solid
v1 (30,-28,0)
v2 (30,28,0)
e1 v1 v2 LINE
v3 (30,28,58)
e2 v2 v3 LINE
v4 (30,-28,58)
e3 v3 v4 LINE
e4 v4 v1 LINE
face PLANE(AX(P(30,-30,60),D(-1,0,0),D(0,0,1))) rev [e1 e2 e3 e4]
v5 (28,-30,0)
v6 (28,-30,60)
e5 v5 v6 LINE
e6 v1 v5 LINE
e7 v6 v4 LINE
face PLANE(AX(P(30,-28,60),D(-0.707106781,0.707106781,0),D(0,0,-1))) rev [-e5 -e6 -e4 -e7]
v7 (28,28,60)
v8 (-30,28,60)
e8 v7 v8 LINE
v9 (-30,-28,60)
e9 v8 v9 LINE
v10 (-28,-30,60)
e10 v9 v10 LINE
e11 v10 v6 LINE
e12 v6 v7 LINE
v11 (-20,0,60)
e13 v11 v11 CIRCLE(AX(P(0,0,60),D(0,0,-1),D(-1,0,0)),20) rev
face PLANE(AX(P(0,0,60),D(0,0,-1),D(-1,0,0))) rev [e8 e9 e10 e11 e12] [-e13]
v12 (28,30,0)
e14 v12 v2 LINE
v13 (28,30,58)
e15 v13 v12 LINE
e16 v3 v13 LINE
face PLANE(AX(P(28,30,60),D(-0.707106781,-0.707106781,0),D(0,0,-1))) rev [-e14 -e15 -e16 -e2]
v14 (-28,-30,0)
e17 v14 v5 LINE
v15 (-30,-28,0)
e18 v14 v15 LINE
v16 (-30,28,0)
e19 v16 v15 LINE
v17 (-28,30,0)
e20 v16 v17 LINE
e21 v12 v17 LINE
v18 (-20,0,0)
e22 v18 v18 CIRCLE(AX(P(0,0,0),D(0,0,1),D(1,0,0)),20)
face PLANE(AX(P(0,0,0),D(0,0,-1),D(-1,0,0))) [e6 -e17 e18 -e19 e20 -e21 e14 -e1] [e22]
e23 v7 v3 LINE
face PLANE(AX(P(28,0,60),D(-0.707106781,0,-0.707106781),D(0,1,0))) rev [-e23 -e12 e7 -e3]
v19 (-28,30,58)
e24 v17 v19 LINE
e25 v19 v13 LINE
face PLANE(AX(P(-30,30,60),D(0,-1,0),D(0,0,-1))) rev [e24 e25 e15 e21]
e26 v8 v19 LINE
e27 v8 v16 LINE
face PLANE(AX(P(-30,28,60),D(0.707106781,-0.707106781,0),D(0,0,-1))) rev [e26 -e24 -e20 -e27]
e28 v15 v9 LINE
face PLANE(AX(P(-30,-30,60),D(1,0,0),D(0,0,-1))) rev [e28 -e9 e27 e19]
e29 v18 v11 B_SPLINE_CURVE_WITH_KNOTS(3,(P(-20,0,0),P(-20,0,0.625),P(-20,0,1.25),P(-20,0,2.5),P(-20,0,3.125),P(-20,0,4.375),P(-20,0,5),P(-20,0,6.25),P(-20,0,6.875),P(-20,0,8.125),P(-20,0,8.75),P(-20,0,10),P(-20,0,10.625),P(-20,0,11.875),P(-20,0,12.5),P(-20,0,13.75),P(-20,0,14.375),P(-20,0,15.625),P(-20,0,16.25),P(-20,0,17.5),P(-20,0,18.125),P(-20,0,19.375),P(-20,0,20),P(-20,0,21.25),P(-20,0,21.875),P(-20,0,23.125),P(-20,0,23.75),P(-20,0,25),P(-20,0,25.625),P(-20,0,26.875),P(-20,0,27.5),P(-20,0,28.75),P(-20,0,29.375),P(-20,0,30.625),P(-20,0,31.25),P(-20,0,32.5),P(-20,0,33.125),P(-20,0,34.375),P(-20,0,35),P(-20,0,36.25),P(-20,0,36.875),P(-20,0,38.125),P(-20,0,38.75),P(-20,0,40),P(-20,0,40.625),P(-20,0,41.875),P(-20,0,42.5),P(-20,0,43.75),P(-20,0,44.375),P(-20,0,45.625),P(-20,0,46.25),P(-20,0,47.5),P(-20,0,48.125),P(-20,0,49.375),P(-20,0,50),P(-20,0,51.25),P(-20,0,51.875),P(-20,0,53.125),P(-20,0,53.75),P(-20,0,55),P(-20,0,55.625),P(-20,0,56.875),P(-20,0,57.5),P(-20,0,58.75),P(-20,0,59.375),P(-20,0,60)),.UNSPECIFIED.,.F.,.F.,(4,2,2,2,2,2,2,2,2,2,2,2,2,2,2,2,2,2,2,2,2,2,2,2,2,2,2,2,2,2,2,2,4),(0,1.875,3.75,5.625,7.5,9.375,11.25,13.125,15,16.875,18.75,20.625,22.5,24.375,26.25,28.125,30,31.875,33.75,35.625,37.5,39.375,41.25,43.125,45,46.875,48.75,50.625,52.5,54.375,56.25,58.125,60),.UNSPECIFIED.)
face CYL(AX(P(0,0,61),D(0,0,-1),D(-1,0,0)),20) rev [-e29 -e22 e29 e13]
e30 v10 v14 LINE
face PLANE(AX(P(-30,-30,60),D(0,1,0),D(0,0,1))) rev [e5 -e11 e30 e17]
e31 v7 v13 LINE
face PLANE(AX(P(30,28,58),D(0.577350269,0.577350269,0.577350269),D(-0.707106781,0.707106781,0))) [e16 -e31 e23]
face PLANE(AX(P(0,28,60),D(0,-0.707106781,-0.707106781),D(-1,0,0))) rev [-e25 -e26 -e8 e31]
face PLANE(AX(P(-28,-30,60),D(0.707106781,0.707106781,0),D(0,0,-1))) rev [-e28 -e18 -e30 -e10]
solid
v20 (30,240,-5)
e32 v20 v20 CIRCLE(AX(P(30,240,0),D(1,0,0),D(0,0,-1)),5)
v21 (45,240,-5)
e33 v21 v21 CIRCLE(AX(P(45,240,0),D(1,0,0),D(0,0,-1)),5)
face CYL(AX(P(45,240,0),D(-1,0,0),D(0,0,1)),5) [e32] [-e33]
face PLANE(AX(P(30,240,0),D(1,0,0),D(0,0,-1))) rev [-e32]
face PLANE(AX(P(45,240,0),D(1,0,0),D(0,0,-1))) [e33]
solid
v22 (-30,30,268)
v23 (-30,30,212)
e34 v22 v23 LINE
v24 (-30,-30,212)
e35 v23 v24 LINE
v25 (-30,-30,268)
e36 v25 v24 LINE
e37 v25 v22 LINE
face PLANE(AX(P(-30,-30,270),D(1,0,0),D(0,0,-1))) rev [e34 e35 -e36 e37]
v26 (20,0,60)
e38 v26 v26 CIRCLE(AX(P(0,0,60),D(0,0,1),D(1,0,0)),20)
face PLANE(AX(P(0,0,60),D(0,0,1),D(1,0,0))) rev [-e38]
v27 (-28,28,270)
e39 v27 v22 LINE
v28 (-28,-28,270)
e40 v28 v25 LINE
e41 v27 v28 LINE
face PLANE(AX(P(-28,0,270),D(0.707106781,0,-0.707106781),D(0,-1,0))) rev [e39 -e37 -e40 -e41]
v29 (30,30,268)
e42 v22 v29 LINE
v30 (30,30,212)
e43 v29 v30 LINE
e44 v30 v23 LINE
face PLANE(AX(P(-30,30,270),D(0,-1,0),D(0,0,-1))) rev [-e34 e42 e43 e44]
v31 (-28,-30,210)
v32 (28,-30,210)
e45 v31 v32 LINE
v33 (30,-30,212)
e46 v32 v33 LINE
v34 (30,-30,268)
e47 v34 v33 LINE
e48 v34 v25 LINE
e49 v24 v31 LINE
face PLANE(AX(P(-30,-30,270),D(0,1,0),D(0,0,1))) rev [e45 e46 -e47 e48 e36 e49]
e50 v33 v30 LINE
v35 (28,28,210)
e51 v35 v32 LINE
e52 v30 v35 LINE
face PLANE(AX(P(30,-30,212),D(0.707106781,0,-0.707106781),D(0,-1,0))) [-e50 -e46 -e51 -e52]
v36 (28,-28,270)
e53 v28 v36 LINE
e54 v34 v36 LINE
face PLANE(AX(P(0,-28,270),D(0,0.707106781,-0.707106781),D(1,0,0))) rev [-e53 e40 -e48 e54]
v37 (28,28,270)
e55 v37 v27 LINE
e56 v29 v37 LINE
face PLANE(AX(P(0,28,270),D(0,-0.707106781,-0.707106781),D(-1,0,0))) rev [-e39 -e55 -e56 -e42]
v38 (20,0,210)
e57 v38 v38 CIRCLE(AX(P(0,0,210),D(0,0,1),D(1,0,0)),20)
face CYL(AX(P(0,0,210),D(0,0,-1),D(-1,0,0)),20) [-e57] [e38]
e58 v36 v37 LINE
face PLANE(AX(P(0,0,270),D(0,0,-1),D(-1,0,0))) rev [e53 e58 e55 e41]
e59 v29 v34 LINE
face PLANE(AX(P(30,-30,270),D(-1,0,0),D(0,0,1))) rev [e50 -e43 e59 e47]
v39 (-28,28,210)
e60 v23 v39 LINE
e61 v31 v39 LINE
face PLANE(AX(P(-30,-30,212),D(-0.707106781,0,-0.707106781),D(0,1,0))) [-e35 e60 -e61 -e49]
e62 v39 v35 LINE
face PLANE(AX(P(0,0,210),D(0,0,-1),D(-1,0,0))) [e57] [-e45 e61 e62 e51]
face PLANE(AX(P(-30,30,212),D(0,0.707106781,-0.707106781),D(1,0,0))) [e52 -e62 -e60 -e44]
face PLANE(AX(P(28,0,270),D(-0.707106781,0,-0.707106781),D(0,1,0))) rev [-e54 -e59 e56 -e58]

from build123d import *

# Parameters (mm, degrees)
SKETCH1_W           = 60
SKETCH1_H           = 60
BOSS_EXTRUDE1_DEPTH = 60
SKETCH2_R           = 20
CUT_EXTRUDE1_DEPTH  = 61
SKETCH3_R           = 20
BOSS_EXTRUDE2_DEPTH = 150
SKETCH4_W           = 60
SKETCH4_H           = 60
BOSS_EXTRUDE3_DEPTH = 60
CHAMFER1_SIZE       = 2
CHAMFER3_SIZE       = 2
SKETCH5_R           = 5
BOSS_EXTRUDE4_DEPTH = 15


with BuildPart() as part:
    # Sketch1 → Boss-Extrude1 (new body)
    with BuildSketch(Plane.XY):
        Rectangle(SKETCH1_W, SKETCH1_H)
    extrude(amount=BOSS_EXTRUDE1_DEPTH)

    # Sketch2 → Cut-Extrude1 (cut)
    with BuildSketch(Plane.XY):
        Circle(SKETCH2_R)
    extrude(amount=CUT_EXTRUDE1_DEPTH, mode=Mode.SUBTRACT)

    # Chamfer1
    chamfer1_edges = [part.edges().sort_by_distance(p)[0] for p in [
        (-30, -30, 30),
        (-30, 30, 30),
        (30, -30, 30),
        (30, 30, 30),
        (30, 0, 60),
        (0, 30, 60),
    ]]
    chamfer(chamfer1_edges, length=CHAMFER1_SIZE)


with BuildPart() as body_2:
    # Sketch3 → Boss-Extrude2 (new body)
    with BuildSketch(Plane.XY.offset(60)):
        Circle(SKETCH3_R)
    extrude(amount=BOSS_EXTRUDE2_DEPTH)

    # Sketch4 → Boss-Extrude3 (add)
    with BuildSketch(Plane.XY.offset(210)):
        Rectangle(SKETCH4_W, SKETCH4_H)
    extrude(amount=BOSS_EXTRUDE3_DEPTH)

    # Chamfer3
    chamfer3_edges = [body_2.edges().sort_by_distance(p)[0] for p in [
        (0, -30, 270),
        (-30, 0, 270),
        (0, 30, 270),
        (30, 0, 270),
        (-30, 0, 210),
        (0, 30, 210),
        (30, 0, 210),
    ]]
    chamfer(chamfer3_edges, length=CHAMFER3_SIZE)


with BuildPart() as body_3:
    # Sketch5 → Boss-Extrude4 (new body)
    with BuildSketch(Plane(origin=(30, 0, 0), x_dir=(0, 0, -1), z_dir=(1, 0, 0))):
        with Locations((0, 240)):
            Circle(SKETCH5_R)
    extrude(amount=BOSS_EXTRUDE4_DEPTH)


solid = Compound([part.part, body_2.part, body_3.part])
